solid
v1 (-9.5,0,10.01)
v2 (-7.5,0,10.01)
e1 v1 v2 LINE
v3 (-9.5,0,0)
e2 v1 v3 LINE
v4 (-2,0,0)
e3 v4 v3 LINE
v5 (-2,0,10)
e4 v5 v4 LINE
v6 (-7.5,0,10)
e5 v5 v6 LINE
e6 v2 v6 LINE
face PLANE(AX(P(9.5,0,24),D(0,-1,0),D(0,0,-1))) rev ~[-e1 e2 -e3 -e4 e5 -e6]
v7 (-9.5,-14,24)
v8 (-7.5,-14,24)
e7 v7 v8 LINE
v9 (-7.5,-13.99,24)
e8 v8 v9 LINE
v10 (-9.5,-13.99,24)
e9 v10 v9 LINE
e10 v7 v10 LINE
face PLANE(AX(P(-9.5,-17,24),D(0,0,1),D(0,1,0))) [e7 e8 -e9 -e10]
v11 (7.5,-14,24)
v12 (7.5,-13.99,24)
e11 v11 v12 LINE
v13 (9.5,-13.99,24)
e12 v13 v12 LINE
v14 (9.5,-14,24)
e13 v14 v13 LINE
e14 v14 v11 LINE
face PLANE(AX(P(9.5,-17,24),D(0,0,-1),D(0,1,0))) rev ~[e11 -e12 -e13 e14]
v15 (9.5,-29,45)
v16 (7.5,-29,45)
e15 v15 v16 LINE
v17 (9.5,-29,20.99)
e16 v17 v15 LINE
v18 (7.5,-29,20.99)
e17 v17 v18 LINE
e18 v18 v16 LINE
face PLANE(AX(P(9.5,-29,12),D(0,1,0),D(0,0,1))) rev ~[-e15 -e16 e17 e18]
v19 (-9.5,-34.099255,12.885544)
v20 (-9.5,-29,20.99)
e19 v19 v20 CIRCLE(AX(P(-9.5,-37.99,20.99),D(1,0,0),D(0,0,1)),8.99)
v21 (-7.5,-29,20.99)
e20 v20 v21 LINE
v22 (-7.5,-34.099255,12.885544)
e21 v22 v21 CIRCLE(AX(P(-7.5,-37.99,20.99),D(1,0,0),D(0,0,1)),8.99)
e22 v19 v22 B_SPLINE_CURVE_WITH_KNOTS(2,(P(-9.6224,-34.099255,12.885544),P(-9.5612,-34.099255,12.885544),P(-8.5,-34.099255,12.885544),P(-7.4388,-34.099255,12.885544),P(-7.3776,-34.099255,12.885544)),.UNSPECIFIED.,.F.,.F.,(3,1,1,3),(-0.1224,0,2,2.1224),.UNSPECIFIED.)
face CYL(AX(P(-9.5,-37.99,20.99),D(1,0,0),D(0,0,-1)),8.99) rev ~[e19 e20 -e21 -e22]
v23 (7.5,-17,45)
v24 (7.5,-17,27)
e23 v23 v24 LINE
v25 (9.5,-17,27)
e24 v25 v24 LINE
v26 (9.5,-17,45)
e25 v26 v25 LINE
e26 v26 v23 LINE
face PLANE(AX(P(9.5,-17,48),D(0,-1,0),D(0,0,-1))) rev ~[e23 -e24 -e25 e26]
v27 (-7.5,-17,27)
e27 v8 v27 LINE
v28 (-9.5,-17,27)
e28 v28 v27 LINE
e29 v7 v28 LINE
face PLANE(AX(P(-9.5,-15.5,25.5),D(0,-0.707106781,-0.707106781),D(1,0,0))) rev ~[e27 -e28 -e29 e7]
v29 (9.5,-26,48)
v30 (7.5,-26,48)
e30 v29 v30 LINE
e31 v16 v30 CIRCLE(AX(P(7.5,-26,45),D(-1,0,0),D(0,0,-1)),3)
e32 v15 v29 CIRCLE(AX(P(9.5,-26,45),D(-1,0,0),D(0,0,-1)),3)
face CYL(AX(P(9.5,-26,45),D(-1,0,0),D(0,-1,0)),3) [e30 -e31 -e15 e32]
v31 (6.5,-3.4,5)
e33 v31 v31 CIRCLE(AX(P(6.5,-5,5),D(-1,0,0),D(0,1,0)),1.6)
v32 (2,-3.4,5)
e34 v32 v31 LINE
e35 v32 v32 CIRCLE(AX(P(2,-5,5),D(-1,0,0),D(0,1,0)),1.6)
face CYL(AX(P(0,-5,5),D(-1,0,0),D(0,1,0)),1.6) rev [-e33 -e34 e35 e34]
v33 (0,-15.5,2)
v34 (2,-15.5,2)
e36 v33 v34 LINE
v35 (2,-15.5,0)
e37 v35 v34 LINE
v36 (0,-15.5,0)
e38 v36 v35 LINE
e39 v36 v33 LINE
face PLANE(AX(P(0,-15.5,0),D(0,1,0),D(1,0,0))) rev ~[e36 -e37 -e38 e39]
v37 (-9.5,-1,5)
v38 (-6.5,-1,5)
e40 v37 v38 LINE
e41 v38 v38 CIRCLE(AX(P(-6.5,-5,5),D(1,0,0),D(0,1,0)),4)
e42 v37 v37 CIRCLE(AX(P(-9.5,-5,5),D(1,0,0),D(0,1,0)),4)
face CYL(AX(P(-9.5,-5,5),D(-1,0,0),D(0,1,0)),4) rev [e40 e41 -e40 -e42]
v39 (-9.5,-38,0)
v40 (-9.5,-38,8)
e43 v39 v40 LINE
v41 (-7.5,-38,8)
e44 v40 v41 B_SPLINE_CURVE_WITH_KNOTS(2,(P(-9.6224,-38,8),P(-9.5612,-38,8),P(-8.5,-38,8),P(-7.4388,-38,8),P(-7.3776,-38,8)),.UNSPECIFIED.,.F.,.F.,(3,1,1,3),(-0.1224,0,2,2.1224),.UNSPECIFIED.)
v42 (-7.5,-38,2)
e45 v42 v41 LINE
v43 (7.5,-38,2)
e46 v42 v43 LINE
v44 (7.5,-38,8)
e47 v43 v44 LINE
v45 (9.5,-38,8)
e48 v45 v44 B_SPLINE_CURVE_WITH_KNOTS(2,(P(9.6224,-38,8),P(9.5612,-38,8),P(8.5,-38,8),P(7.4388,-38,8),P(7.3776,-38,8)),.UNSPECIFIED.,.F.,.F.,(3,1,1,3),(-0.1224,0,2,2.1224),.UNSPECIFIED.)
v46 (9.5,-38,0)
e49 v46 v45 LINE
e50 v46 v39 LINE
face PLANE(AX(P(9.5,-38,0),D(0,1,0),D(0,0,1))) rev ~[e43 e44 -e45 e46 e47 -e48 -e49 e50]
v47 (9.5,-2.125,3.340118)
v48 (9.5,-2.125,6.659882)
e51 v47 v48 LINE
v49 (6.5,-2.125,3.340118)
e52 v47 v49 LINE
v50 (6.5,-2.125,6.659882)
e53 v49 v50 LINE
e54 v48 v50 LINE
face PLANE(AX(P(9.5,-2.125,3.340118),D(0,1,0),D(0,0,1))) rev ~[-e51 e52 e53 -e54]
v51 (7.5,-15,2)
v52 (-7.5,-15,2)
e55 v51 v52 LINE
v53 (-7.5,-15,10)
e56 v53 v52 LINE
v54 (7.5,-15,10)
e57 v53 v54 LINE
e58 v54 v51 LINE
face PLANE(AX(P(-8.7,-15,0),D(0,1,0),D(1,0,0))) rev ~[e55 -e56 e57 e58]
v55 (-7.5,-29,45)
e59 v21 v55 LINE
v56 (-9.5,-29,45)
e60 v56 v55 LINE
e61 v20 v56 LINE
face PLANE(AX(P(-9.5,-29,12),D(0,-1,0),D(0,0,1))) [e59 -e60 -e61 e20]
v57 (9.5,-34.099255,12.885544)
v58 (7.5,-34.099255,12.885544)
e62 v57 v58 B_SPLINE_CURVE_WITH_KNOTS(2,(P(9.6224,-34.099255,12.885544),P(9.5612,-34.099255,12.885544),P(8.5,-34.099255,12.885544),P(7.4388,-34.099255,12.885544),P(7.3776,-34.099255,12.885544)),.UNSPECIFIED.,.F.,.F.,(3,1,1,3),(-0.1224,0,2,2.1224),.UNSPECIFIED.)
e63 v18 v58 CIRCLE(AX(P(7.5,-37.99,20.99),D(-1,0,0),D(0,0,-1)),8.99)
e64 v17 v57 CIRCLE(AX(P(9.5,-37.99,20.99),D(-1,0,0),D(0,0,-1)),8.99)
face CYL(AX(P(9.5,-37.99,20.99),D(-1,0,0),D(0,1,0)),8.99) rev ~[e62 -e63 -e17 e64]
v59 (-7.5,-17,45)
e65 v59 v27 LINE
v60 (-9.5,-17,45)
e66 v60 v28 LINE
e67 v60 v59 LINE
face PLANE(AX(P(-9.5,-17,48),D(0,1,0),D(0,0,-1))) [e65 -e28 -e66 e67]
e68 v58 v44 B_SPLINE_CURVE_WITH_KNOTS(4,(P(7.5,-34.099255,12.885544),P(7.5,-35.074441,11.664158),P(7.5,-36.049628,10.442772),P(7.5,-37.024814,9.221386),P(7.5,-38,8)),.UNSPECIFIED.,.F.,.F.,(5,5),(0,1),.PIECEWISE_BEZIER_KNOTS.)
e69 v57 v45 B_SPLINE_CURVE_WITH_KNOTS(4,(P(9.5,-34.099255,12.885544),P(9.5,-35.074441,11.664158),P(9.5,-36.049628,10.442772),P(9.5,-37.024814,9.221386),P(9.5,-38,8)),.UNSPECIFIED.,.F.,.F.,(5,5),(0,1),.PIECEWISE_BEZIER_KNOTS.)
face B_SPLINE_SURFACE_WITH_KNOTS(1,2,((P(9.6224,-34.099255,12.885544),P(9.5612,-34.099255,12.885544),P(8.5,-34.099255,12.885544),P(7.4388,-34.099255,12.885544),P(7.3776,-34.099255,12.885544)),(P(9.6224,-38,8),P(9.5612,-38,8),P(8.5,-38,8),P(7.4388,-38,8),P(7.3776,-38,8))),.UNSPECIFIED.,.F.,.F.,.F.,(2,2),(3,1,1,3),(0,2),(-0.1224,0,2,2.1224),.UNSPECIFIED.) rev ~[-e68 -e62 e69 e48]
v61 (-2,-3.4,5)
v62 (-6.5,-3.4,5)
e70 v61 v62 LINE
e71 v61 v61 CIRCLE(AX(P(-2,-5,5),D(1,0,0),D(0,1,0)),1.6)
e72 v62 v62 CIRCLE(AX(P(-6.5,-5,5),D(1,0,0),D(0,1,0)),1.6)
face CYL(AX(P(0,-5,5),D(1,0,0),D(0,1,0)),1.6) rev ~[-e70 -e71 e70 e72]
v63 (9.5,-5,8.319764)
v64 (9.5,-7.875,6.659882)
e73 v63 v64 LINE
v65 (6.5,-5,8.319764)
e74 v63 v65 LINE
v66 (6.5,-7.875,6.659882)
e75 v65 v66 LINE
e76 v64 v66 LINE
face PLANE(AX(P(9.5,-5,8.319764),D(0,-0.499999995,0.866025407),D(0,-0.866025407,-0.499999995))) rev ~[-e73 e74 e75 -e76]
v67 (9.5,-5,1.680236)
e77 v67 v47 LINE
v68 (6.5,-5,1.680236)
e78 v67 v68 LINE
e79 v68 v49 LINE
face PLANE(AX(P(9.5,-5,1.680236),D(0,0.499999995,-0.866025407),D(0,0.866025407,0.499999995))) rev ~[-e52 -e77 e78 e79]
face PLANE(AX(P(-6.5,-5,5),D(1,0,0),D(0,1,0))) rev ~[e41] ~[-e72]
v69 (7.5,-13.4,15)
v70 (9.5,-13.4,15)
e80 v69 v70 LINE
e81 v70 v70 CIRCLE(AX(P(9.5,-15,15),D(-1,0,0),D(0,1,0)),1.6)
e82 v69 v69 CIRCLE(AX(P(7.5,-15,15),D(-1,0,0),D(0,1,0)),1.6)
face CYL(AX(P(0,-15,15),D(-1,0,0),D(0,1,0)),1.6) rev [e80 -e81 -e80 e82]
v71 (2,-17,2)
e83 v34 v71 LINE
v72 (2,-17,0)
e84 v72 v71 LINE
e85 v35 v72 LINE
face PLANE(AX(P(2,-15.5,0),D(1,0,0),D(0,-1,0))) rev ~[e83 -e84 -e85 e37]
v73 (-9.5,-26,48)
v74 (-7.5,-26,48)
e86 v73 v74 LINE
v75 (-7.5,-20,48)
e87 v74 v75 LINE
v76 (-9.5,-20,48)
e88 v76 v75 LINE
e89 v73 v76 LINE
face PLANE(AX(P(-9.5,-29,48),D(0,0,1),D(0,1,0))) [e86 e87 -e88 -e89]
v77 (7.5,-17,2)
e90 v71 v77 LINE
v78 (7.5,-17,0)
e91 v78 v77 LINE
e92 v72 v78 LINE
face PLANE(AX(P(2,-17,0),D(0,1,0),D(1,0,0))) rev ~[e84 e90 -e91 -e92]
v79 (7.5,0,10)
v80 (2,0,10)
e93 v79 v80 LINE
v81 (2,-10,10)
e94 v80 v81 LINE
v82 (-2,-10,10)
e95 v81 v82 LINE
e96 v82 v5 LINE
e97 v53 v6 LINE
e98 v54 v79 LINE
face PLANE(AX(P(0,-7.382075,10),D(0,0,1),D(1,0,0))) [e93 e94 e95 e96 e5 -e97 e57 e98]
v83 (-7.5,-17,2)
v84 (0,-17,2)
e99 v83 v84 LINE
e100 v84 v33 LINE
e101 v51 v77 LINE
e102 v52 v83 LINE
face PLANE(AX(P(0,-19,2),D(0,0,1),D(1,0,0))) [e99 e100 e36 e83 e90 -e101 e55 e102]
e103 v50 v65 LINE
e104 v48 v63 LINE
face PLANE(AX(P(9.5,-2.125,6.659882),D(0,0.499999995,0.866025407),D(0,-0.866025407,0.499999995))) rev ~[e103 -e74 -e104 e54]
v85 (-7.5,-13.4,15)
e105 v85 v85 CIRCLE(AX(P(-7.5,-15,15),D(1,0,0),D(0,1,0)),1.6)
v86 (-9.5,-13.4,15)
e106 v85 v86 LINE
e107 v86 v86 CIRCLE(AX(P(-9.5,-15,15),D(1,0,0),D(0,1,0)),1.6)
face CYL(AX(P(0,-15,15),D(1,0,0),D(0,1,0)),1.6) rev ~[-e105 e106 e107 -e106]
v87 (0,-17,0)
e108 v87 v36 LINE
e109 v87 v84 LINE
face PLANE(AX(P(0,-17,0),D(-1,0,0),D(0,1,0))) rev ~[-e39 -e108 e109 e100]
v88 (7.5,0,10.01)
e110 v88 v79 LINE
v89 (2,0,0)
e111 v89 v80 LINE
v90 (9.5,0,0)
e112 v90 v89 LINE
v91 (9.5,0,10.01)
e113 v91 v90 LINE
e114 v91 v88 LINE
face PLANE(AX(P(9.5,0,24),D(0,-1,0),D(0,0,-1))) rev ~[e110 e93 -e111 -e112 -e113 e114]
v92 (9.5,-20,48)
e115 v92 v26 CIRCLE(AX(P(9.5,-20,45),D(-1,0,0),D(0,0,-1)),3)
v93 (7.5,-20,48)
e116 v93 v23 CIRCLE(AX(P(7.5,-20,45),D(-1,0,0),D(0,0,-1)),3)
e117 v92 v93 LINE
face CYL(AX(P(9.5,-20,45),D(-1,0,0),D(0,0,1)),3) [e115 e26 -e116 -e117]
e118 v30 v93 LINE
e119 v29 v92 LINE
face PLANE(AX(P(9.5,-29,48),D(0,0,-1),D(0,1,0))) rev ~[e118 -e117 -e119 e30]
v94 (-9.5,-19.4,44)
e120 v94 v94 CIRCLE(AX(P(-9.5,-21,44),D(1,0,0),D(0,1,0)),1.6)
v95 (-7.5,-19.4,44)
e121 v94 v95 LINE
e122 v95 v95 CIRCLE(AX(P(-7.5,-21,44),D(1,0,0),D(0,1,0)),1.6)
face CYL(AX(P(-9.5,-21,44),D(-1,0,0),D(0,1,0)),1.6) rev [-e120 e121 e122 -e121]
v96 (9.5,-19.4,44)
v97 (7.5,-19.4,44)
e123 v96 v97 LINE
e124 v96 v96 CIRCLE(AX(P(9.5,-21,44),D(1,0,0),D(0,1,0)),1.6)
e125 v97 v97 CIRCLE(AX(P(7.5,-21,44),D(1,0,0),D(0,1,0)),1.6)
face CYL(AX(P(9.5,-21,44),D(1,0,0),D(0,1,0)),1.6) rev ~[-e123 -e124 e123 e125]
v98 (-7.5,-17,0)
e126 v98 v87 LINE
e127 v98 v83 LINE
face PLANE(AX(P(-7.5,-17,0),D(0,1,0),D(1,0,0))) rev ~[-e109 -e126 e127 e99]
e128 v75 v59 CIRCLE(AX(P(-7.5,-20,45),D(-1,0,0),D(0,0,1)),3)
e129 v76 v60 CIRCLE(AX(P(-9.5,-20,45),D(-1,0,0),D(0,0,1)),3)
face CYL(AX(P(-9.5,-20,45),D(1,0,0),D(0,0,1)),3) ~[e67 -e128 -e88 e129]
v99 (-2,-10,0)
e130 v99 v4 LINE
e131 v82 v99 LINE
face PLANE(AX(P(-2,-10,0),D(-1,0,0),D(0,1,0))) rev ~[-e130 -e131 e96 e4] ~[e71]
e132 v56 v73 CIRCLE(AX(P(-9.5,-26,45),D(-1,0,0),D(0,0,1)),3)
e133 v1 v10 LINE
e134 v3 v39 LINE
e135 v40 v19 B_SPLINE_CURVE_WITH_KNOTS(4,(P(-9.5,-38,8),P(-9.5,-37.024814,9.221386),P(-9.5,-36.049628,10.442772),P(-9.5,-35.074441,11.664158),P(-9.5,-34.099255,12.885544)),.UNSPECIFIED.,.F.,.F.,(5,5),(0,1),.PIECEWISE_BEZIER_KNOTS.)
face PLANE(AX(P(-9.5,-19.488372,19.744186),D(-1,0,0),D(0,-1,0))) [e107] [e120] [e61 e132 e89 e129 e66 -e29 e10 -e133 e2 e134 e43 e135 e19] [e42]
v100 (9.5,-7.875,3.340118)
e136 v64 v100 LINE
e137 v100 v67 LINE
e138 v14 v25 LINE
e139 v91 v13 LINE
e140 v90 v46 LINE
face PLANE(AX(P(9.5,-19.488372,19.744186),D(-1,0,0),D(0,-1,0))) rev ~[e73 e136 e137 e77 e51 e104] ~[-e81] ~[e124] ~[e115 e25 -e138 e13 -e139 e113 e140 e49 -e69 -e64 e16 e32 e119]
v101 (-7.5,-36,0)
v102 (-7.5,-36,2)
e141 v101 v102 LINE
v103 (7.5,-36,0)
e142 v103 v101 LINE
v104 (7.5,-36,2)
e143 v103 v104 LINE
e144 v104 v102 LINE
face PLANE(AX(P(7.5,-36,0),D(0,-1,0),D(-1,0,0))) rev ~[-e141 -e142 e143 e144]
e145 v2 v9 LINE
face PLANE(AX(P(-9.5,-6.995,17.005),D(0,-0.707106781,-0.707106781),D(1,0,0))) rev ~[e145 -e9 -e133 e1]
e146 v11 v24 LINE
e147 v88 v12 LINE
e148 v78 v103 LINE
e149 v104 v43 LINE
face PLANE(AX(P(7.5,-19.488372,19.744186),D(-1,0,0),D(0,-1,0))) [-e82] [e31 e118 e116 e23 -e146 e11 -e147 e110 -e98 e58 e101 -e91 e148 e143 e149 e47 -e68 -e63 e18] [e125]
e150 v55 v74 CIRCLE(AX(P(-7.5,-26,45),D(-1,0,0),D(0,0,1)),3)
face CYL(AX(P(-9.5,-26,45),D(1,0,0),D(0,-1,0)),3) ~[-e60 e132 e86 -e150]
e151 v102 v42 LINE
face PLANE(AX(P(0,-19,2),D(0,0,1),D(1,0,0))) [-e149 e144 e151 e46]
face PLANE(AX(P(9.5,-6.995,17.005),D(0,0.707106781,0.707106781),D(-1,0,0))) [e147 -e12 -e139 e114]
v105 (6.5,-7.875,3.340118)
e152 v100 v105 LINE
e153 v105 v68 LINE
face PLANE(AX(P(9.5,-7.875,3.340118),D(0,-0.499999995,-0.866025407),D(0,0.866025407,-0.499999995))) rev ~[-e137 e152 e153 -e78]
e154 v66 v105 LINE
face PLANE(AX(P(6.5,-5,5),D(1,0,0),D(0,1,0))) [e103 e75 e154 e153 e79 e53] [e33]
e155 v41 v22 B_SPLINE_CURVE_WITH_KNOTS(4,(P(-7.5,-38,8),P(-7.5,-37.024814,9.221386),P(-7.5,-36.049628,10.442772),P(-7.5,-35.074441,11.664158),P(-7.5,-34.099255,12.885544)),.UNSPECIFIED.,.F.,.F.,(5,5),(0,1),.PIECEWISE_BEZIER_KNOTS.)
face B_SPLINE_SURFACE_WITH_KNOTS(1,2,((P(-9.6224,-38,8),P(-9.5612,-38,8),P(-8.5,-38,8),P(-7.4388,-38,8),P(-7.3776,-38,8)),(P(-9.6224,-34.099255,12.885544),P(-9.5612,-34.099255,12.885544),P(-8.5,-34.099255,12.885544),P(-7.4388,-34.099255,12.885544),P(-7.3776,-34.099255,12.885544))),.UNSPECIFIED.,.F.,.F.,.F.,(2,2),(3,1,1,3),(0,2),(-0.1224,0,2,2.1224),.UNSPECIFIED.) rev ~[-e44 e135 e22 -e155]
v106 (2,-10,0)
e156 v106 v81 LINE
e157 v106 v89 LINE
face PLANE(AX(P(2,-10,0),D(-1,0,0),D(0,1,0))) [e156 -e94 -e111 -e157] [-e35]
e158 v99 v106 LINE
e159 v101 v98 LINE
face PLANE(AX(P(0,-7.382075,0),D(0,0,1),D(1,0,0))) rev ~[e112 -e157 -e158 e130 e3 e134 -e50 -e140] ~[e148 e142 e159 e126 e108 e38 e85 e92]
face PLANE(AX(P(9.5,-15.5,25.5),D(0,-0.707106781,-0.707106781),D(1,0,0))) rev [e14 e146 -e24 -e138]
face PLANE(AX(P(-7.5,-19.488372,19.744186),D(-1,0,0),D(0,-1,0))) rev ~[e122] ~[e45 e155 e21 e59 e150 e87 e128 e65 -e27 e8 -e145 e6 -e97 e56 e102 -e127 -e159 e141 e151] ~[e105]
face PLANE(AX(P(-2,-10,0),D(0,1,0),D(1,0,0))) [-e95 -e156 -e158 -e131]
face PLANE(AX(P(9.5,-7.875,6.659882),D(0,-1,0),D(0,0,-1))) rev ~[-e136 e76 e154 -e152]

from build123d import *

# Parameters (mm, degrees)
SKETCH001_W          = 17.4
SKETCH001_H          = 38
PAD001_DEPTH         = 2
SKETCH002_R          = 1.6
PAD_DEPTH            = 2
SKETCH005_R          = 1.6
PAD002_DEPTH         = 2
PAD003_DEPTH         = 10
SKETCH006_W          = 4
SKETCH006_H          = 10
POCKET001_DEPTH      = 0.001
POCKET001_DEPTH_BACK = 48.001
SKETCH007_R          = 1.6
POCKET_DEPTH         = 9.501
POCKET_DEPTH_BACK    = 9.501
SKETCH008_R          = 4
POCKET002_DEPTH      = 3
POCKET003_DEPTH      = 3
SKETCH004_R          = 1.6
POCKET004_DEPTH      = 9.501
POCKET004_DEPTH_BACK = 9.501
CHAMFER_SIZE         = 13.99
CHAMFER001_SIZE      = 3
FILLET_R             = 8.99
CHAMFER002_SIZE      = 4
FILLET001_R          = 3


with BuildPart() as part:
    # Sketch001 → Pad001 (new body)
    with BuildSketch(Plane.XY):
        with Locations((0, -19)):
            Rectangle(SKETCH001_W, SKETCH001_H)
        Polygon((7.5, -17), (7.5, -36), (-7.5, -36), (-7.5, -17), (0, -17), (0, -15.5), (2, -15.5), (2, -17), align=None, mode=Mode.SUBTRACT)
    extrude(amount=PAD001_DEPTH)

    # Sketch002 (on DatumPlane) → Pad (join)
    with BuildSketch(Plane.YZ.offset(-9.5)):
        Polygon((0, 24), (0, 0), (-38, 0), (-38, 12), (-29, 12), (-29, 48), (-17, 48), (-17, 24), align=None)
        with Locations((-21, 44)):
            Circle(SKETCH002_R, mode=Mode.SUBTRACT)
    extrude(amount=PAD_DEPTH)

    # Sketch005 (on DatumPlane) → Pad002 (join)
    with BuildSketch(Plane.YZ.offset(9.5)):
        Polygon((0, 24), (0, 0), (-38, 0), (-38, 12), (-29, 12), (-29, 48), (-17, 48), (-17, 24), align=None)
        with Locations((-21, 44)):
            Circle(SKETCH005_R, mode=Mode.SUBTRACT)
    extrude(amount=-PAD002_DEPTH)

    # Sketch → Pad003 (join)
    with BuildSketch(Plane.XY):
        Polygon((-2, 0), (-8.7, 0), (-8.7, -15), (8.7, -15), (8.7, 0), (2, 0), (2, -10), (-2, -10), align=None)
    extrude(amount=PAD003_DEPTH)

    # Sketch006 → Pocket001 (cut, two sides)
    with BuildSketch(Plane.XY) as pocket001_sk:
        with Locations((0, -5)):
            Rectangle(SKETCH006_W, SKETCH006_H)
    extrude(amount=-POCKET001_DEPTH, mode=Mode.SUBTRACT)
    extrude(pocket001_sk.sketch, amount=POCKET001_DEPTH_BACK, mode=Mode.SUBTRACT)

    # Sketch007 → Pocket (cut, two sides)
    with BuildSketch(Plane.YZ) as pocket_sk:
        with Locations((-5, 5)):
            Circle(SKETCH007_R)
    extrude(amount=-POCKET_DEPTH, mode=Mode.SUBTRACT)
    extrude(pocket_sk.sketch, amount=POCKET_DEPTH_BACK, mode=Mode.SUBTRACT)

    # Sketch008 (on DatumPlane) → Pocket002 (cut)
    with BuildSketch(Plane.YZ.offset(-9.5)):
        with Locations((-5, 5)):
            Circle(SKETCH008_R)
    extrude(amount=POCKET002_DEPTH, mode=Mode.SUBTRACT)

    # Sketch009 (on DatumPlane) → Pocket003 (cut)
    with BuildSketch(Plane.YZ.offset(9.5)):
        Polygon((-2.125, 3.340118), (-2.125, 6.659882), (-5, 8.319764), (-7.875, 6.659882), (-7.875, 3.340118), (-5, 1.680236), align=None)
    extrude(amount=-POCKET003_DEPTH, mode=Mode.SUBTRACT)

    # Sketch004 → Pocket004 (cut, two sides)
    with BuildSketch(Plane.YZ) as pocket004_sk:
        with Locations((-15, 15)):
            Circle(SKETCH004_R)
    extrude(amount=-POCKET004_DEPTH, mode=Mode.SUBTRACT)
    extrude(pocket004_sk.sketch, amount=POCKET004_DEPTH_BACK, mode=Mode.SUBTRACT)

    # Chamfer
    chamfer_edges = [part.edges().sort_by_distance(p)[0] for p in [
        (-8.5, 0, 24),
        (8.5, 0, 24),
    ]]
    chamfer(chamfer_edges, length=CHAMFER_SIZE)

    # Chamfer001
    chamfer001_edges = [part.edges().sort_by_distance(p)[0] for p in [
        (8.5, -17, 24),
        (-8.5, -17, 24),
    ]]
    chamfer(chamfer001_edges, length=CHAMFER001_SIZE)

    # Fillet
    fillet_edges = [part.edges().sort_by_distance(p)[0] for p in [
        (-8.5, -29, 12),
        (8.5, -29, 12),
    ]]
    fillet(fillet_edges, radius=FILLET_R)

    # Chamfer002
    chamfer002_edges = [part.edges().sort_by_distance(p)[0] for p in [
        (-8.5, -38, 12),
        (8.5, -38, 12),
    ]]
    chamfer(chamfer002_edges, length=CHAMFER002_SIZE)

    # Fillet001
    fillet001_edges = [part.edges().sort_by_distance(p)[0] for p in [
        (-8.5, -29, 48),
        (8.5, -29, 48),
        (8.5, -17, 48),
        (-8.5, -17, 48),
    ]]
    fillet(fillet001_edges, radius=FILLET001_R)


solid = part.part
